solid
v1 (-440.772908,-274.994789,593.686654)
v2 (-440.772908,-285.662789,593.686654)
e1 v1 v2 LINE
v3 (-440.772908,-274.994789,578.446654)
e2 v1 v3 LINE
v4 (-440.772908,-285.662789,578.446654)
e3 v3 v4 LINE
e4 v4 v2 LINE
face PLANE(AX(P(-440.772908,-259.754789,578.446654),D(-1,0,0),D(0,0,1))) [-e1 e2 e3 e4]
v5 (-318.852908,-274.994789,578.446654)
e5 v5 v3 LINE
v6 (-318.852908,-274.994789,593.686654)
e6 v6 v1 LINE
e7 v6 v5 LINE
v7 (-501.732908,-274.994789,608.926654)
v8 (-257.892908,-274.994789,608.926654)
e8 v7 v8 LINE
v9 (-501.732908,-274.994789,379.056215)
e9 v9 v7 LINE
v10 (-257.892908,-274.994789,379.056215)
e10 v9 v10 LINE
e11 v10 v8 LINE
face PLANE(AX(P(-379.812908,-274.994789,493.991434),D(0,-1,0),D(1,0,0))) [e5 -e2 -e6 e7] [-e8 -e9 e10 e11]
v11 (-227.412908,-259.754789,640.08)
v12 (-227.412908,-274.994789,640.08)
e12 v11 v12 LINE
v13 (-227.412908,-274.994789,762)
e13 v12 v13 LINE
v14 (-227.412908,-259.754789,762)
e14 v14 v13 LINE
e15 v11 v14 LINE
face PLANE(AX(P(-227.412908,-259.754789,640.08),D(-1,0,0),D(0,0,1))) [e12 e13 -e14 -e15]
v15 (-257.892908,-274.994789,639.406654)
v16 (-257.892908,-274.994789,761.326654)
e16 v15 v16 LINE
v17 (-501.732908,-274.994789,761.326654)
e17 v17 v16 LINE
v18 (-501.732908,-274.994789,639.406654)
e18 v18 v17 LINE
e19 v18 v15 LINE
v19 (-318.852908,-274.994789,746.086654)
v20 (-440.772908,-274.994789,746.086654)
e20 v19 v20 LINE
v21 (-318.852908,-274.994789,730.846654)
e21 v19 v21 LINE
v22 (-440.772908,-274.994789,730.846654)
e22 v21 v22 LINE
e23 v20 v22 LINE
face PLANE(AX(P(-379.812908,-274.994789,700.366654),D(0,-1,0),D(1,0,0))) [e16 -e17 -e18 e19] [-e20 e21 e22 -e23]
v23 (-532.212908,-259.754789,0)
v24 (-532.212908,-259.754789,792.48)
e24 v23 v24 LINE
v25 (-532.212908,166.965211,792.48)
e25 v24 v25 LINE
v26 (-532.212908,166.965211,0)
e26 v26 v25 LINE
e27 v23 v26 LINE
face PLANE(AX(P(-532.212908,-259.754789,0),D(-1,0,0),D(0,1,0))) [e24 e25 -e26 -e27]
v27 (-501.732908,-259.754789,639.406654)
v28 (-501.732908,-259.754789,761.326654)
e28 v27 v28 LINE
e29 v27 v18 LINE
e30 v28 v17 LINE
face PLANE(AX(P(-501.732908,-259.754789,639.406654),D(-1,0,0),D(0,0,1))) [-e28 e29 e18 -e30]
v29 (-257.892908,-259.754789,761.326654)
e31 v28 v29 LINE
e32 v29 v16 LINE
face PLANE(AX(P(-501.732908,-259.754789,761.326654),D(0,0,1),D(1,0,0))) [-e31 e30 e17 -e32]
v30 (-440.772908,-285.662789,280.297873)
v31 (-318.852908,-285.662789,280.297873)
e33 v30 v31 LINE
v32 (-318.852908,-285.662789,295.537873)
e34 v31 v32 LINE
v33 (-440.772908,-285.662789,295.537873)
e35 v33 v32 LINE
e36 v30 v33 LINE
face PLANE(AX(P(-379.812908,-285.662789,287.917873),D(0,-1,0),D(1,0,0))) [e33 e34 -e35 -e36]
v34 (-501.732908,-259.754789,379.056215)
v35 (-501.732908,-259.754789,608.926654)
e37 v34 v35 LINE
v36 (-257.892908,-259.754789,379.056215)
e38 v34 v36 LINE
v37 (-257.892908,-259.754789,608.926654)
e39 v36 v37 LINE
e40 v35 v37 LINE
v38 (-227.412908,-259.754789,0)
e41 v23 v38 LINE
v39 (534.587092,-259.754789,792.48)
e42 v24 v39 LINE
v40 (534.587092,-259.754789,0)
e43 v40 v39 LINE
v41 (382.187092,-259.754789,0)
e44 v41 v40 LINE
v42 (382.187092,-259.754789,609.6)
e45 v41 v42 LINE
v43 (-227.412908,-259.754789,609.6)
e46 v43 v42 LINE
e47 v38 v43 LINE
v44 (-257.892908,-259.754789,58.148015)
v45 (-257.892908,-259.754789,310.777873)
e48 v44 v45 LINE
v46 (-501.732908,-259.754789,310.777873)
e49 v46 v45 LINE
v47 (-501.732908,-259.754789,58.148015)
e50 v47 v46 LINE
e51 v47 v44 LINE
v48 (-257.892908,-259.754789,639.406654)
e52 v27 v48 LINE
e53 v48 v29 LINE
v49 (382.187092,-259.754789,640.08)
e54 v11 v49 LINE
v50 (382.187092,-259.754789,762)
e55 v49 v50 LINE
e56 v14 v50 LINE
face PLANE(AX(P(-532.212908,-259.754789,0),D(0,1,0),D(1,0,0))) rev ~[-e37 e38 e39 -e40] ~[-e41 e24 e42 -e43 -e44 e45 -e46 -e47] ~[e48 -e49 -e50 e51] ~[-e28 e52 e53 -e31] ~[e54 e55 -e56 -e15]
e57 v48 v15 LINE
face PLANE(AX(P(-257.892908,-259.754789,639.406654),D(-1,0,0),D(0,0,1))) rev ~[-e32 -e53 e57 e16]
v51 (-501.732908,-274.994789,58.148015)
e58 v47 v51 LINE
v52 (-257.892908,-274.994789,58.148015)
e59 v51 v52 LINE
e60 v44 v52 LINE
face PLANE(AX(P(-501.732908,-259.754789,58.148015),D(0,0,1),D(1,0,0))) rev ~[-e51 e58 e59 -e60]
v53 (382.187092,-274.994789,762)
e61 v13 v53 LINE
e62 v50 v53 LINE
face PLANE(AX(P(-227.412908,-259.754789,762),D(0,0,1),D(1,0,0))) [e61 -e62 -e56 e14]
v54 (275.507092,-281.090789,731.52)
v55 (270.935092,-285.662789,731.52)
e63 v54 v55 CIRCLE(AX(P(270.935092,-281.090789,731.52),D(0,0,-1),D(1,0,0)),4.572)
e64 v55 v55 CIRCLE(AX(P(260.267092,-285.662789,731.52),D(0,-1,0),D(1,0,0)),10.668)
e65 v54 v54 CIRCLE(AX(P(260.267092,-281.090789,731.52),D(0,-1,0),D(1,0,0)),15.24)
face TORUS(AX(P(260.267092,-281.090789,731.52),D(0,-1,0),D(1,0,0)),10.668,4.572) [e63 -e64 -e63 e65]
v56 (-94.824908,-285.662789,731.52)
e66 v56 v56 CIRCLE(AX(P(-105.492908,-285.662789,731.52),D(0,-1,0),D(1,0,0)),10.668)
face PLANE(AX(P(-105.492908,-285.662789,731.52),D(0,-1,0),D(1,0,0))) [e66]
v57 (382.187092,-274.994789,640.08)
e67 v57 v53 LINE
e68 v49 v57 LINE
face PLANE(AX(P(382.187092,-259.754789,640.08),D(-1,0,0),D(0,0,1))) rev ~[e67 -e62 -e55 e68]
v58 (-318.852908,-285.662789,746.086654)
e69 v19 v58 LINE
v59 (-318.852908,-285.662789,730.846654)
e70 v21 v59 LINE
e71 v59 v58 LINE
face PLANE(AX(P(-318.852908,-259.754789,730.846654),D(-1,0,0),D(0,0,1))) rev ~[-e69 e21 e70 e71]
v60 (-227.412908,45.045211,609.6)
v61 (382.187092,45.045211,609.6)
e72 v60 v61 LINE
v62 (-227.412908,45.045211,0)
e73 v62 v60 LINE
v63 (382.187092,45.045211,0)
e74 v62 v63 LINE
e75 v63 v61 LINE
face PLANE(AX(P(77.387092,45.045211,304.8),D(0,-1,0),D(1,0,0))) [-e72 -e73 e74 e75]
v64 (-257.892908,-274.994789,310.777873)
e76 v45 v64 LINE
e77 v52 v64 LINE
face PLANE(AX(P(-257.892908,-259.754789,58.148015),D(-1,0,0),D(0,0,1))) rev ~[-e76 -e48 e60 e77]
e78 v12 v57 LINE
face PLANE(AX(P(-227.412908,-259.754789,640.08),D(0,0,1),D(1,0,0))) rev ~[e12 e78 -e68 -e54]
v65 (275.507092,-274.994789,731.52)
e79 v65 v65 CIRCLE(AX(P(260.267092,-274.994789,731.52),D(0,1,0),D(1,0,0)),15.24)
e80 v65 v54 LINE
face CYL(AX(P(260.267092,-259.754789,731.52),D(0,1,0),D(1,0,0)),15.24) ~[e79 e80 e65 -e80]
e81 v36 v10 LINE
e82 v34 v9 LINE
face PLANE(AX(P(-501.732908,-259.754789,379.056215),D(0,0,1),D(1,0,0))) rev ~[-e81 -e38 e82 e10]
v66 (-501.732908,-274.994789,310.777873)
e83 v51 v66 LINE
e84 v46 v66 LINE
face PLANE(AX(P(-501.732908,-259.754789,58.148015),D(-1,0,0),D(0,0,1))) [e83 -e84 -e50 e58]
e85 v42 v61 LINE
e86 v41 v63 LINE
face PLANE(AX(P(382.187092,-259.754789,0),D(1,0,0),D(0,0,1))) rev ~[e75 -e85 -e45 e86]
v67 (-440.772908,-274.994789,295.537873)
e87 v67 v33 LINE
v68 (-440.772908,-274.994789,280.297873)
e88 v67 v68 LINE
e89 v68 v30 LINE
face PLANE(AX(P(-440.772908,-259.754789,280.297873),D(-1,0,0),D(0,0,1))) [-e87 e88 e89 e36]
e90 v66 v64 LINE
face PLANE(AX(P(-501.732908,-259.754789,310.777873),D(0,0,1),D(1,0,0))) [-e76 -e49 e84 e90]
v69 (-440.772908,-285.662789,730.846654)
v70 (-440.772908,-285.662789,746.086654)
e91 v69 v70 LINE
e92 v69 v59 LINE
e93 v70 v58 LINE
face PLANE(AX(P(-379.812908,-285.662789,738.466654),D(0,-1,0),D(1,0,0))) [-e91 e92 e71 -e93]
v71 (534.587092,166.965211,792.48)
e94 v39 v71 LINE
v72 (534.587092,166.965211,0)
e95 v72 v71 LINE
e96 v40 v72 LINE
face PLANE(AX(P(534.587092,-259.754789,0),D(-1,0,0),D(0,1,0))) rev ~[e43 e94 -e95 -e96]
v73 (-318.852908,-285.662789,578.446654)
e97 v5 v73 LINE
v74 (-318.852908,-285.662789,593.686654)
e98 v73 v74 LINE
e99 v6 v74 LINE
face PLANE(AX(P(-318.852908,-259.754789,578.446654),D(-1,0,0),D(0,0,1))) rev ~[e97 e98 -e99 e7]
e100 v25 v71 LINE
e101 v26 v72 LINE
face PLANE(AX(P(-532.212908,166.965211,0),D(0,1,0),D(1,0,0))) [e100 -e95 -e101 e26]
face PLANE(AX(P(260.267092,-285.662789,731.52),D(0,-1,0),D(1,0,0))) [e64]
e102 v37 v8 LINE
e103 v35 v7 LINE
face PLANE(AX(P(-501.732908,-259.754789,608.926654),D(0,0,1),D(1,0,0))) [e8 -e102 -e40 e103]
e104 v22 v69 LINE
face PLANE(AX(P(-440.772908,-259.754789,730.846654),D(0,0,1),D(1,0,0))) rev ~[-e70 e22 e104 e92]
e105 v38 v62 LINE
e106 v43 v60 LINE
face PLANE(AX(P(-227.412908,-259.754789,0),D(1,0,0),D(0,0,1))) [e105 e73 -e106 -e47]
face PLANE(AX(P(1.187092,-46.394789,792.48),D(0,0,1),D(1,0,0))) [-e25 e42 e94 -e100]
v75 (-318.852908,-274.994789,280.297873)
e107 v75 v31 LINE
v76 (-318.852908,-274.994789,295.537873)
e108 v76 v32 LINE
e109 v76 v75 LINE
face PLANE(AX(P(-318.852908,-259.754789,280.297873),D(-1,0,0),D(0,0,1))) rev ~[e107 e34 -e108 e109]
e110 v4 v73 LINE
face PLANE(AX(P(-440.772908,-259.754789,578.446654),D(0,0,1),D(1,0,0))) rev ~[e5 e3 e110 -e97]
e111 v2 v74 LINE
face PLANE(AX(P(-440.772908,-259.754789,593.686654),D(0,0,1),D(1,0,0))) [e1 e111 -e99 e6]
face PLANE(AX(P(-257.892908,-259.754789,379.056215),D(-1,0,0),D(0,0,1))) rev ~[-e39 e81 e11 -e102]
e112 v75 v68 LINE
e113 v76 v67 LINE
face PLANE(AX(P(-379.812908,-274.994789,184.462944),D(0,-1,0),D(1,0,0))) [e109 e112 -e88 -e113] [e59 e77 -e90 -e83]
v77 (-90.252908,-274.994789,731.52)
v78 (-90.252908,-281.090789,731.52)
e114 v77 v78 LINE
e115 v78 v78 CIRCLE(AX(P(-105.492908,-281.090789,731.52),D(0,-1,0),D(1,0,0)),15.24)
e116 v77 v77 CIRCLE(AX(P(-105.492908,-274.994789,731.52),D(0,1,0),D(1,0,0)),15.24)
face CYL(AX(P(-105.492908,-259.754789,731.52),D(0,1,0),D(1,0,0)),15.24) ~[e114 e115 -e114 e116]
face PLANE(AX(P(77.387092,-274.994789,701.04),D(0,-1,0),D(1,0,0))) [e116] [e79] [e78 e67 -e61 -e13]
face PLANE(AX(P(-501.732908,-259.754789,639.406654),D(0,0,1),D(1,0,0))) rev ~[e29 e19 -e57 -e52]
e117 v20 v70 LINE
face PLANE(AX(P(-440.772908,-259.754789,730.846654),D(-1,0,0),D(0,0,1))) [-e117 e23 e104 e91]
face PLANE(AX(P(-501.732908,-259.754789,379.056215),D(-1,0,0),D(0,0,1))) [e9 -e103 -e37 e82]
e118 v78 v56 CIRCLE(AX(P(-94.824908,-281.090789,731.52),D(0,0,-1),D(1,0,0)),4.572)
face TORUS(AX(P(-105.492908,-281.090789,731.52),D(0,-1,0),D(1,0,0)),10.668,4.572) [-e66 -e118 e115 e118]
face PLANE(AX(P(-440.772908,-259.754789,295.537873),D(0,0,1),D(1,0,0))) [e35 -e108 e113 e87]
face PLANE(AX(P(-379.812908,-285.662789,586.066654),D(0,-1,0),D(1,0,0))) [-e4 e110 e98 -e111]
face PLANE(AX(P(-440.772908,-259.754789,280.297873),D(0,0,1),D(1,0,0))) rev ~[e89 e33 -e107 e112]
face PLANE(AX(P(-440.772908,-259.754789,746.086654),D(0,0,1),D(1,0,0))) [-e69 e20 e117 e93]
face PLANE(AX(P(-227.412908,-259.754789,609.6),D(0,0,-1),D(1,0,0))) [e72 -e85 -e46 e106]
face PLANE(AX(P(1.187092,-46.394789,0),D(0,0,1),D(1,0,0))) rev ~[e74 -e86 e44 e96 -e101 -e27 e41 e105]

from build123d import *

# Parameters (mm, degrees)
F0_W     = 1066.8
F0_H     = 426.72
F1_DEPTH = 792.48
F2_W     = 609.6
F2_H     = 609.6
F3_DEPTH = 304.8
F4_W     = 609.6
F4_H     = 121.92
F4_W_2   = 243.84
F4_H_2   = 229.870439
F4_H_3   = 252.629858
F5_DEPTH = 15.24
F6_W     = 121.92
F6_H     = 15.24
F6_R     = 15.24
F7_DEPTH = 25.908
F8_R     = 4.572


with BuildPart() as f1:
    # F0 (on Top) → F1 (new body)
    with BuildSketch(Plane.XY):
        with Locations((1.187092, -46.394789)):
            Rectangle(F0_W, F0_H)
    extrude(amount=F1_DEPTH)

    # F2 (on face) → F3 (cut)
    with BuildSketch(Plane.XZ.offset(259.754789)):
        with Locations((77.387092, 304.8)):
            Rectangle(F2_W, F2_H)
    extrude(amount=-F3_DEPTH, mode=Mode.SUBTRACT)

    # F4 (on face) → F5 (join)
    with BuildSketch(Plane.XZ.offset(259.754789)):
        with Locations((77.387092, 701.04)):
            Rectangle(F4_W, F4_H)
        with Locations((-379.812908, 700.366654)):
            Rectangle(F4_W_2, F4_H)
        with Locations((-379.812908, 493.991434)):
            Rectangle(F4_W_2, F4_H_2)
        with Locations((-379.812908, 184.462944)):
            Rectangle(F4_W_2, F4_H_3)
    extrude(amount=F5_DEPTH)

    # F6 (on face) → F7 (join)
    with BuildSketch(Plane.XZ.offset(259.754789)):
        with Locations((-379.812908, 738.466654)):
            Rectangle(F6_W, F6_H)
        with Locations((-379.812908, 586.066654)):
            Rectangle(F6_W, F6_H)
        with Locations((-379.812908, 287.917873)):
            Rectangle(F6_W, F6_H)
        with Locations((-105.492908, 731.52)):
            Circle(F6_R)
        with Locations((260.267092, 731.52)):
            Circle(F6_R)
    extrude(amount=F7_DEPTH)

    # F8
    f8_edges = [f1.edges().sort_by_distance(p)[0] for p in [
        (-120.732908, -285.662789, 731.52),
        (245.027092, -285.662789, 731.52),
    ]]
    fillet(f8_edges, radius=F8_R)


solid = f1.part
